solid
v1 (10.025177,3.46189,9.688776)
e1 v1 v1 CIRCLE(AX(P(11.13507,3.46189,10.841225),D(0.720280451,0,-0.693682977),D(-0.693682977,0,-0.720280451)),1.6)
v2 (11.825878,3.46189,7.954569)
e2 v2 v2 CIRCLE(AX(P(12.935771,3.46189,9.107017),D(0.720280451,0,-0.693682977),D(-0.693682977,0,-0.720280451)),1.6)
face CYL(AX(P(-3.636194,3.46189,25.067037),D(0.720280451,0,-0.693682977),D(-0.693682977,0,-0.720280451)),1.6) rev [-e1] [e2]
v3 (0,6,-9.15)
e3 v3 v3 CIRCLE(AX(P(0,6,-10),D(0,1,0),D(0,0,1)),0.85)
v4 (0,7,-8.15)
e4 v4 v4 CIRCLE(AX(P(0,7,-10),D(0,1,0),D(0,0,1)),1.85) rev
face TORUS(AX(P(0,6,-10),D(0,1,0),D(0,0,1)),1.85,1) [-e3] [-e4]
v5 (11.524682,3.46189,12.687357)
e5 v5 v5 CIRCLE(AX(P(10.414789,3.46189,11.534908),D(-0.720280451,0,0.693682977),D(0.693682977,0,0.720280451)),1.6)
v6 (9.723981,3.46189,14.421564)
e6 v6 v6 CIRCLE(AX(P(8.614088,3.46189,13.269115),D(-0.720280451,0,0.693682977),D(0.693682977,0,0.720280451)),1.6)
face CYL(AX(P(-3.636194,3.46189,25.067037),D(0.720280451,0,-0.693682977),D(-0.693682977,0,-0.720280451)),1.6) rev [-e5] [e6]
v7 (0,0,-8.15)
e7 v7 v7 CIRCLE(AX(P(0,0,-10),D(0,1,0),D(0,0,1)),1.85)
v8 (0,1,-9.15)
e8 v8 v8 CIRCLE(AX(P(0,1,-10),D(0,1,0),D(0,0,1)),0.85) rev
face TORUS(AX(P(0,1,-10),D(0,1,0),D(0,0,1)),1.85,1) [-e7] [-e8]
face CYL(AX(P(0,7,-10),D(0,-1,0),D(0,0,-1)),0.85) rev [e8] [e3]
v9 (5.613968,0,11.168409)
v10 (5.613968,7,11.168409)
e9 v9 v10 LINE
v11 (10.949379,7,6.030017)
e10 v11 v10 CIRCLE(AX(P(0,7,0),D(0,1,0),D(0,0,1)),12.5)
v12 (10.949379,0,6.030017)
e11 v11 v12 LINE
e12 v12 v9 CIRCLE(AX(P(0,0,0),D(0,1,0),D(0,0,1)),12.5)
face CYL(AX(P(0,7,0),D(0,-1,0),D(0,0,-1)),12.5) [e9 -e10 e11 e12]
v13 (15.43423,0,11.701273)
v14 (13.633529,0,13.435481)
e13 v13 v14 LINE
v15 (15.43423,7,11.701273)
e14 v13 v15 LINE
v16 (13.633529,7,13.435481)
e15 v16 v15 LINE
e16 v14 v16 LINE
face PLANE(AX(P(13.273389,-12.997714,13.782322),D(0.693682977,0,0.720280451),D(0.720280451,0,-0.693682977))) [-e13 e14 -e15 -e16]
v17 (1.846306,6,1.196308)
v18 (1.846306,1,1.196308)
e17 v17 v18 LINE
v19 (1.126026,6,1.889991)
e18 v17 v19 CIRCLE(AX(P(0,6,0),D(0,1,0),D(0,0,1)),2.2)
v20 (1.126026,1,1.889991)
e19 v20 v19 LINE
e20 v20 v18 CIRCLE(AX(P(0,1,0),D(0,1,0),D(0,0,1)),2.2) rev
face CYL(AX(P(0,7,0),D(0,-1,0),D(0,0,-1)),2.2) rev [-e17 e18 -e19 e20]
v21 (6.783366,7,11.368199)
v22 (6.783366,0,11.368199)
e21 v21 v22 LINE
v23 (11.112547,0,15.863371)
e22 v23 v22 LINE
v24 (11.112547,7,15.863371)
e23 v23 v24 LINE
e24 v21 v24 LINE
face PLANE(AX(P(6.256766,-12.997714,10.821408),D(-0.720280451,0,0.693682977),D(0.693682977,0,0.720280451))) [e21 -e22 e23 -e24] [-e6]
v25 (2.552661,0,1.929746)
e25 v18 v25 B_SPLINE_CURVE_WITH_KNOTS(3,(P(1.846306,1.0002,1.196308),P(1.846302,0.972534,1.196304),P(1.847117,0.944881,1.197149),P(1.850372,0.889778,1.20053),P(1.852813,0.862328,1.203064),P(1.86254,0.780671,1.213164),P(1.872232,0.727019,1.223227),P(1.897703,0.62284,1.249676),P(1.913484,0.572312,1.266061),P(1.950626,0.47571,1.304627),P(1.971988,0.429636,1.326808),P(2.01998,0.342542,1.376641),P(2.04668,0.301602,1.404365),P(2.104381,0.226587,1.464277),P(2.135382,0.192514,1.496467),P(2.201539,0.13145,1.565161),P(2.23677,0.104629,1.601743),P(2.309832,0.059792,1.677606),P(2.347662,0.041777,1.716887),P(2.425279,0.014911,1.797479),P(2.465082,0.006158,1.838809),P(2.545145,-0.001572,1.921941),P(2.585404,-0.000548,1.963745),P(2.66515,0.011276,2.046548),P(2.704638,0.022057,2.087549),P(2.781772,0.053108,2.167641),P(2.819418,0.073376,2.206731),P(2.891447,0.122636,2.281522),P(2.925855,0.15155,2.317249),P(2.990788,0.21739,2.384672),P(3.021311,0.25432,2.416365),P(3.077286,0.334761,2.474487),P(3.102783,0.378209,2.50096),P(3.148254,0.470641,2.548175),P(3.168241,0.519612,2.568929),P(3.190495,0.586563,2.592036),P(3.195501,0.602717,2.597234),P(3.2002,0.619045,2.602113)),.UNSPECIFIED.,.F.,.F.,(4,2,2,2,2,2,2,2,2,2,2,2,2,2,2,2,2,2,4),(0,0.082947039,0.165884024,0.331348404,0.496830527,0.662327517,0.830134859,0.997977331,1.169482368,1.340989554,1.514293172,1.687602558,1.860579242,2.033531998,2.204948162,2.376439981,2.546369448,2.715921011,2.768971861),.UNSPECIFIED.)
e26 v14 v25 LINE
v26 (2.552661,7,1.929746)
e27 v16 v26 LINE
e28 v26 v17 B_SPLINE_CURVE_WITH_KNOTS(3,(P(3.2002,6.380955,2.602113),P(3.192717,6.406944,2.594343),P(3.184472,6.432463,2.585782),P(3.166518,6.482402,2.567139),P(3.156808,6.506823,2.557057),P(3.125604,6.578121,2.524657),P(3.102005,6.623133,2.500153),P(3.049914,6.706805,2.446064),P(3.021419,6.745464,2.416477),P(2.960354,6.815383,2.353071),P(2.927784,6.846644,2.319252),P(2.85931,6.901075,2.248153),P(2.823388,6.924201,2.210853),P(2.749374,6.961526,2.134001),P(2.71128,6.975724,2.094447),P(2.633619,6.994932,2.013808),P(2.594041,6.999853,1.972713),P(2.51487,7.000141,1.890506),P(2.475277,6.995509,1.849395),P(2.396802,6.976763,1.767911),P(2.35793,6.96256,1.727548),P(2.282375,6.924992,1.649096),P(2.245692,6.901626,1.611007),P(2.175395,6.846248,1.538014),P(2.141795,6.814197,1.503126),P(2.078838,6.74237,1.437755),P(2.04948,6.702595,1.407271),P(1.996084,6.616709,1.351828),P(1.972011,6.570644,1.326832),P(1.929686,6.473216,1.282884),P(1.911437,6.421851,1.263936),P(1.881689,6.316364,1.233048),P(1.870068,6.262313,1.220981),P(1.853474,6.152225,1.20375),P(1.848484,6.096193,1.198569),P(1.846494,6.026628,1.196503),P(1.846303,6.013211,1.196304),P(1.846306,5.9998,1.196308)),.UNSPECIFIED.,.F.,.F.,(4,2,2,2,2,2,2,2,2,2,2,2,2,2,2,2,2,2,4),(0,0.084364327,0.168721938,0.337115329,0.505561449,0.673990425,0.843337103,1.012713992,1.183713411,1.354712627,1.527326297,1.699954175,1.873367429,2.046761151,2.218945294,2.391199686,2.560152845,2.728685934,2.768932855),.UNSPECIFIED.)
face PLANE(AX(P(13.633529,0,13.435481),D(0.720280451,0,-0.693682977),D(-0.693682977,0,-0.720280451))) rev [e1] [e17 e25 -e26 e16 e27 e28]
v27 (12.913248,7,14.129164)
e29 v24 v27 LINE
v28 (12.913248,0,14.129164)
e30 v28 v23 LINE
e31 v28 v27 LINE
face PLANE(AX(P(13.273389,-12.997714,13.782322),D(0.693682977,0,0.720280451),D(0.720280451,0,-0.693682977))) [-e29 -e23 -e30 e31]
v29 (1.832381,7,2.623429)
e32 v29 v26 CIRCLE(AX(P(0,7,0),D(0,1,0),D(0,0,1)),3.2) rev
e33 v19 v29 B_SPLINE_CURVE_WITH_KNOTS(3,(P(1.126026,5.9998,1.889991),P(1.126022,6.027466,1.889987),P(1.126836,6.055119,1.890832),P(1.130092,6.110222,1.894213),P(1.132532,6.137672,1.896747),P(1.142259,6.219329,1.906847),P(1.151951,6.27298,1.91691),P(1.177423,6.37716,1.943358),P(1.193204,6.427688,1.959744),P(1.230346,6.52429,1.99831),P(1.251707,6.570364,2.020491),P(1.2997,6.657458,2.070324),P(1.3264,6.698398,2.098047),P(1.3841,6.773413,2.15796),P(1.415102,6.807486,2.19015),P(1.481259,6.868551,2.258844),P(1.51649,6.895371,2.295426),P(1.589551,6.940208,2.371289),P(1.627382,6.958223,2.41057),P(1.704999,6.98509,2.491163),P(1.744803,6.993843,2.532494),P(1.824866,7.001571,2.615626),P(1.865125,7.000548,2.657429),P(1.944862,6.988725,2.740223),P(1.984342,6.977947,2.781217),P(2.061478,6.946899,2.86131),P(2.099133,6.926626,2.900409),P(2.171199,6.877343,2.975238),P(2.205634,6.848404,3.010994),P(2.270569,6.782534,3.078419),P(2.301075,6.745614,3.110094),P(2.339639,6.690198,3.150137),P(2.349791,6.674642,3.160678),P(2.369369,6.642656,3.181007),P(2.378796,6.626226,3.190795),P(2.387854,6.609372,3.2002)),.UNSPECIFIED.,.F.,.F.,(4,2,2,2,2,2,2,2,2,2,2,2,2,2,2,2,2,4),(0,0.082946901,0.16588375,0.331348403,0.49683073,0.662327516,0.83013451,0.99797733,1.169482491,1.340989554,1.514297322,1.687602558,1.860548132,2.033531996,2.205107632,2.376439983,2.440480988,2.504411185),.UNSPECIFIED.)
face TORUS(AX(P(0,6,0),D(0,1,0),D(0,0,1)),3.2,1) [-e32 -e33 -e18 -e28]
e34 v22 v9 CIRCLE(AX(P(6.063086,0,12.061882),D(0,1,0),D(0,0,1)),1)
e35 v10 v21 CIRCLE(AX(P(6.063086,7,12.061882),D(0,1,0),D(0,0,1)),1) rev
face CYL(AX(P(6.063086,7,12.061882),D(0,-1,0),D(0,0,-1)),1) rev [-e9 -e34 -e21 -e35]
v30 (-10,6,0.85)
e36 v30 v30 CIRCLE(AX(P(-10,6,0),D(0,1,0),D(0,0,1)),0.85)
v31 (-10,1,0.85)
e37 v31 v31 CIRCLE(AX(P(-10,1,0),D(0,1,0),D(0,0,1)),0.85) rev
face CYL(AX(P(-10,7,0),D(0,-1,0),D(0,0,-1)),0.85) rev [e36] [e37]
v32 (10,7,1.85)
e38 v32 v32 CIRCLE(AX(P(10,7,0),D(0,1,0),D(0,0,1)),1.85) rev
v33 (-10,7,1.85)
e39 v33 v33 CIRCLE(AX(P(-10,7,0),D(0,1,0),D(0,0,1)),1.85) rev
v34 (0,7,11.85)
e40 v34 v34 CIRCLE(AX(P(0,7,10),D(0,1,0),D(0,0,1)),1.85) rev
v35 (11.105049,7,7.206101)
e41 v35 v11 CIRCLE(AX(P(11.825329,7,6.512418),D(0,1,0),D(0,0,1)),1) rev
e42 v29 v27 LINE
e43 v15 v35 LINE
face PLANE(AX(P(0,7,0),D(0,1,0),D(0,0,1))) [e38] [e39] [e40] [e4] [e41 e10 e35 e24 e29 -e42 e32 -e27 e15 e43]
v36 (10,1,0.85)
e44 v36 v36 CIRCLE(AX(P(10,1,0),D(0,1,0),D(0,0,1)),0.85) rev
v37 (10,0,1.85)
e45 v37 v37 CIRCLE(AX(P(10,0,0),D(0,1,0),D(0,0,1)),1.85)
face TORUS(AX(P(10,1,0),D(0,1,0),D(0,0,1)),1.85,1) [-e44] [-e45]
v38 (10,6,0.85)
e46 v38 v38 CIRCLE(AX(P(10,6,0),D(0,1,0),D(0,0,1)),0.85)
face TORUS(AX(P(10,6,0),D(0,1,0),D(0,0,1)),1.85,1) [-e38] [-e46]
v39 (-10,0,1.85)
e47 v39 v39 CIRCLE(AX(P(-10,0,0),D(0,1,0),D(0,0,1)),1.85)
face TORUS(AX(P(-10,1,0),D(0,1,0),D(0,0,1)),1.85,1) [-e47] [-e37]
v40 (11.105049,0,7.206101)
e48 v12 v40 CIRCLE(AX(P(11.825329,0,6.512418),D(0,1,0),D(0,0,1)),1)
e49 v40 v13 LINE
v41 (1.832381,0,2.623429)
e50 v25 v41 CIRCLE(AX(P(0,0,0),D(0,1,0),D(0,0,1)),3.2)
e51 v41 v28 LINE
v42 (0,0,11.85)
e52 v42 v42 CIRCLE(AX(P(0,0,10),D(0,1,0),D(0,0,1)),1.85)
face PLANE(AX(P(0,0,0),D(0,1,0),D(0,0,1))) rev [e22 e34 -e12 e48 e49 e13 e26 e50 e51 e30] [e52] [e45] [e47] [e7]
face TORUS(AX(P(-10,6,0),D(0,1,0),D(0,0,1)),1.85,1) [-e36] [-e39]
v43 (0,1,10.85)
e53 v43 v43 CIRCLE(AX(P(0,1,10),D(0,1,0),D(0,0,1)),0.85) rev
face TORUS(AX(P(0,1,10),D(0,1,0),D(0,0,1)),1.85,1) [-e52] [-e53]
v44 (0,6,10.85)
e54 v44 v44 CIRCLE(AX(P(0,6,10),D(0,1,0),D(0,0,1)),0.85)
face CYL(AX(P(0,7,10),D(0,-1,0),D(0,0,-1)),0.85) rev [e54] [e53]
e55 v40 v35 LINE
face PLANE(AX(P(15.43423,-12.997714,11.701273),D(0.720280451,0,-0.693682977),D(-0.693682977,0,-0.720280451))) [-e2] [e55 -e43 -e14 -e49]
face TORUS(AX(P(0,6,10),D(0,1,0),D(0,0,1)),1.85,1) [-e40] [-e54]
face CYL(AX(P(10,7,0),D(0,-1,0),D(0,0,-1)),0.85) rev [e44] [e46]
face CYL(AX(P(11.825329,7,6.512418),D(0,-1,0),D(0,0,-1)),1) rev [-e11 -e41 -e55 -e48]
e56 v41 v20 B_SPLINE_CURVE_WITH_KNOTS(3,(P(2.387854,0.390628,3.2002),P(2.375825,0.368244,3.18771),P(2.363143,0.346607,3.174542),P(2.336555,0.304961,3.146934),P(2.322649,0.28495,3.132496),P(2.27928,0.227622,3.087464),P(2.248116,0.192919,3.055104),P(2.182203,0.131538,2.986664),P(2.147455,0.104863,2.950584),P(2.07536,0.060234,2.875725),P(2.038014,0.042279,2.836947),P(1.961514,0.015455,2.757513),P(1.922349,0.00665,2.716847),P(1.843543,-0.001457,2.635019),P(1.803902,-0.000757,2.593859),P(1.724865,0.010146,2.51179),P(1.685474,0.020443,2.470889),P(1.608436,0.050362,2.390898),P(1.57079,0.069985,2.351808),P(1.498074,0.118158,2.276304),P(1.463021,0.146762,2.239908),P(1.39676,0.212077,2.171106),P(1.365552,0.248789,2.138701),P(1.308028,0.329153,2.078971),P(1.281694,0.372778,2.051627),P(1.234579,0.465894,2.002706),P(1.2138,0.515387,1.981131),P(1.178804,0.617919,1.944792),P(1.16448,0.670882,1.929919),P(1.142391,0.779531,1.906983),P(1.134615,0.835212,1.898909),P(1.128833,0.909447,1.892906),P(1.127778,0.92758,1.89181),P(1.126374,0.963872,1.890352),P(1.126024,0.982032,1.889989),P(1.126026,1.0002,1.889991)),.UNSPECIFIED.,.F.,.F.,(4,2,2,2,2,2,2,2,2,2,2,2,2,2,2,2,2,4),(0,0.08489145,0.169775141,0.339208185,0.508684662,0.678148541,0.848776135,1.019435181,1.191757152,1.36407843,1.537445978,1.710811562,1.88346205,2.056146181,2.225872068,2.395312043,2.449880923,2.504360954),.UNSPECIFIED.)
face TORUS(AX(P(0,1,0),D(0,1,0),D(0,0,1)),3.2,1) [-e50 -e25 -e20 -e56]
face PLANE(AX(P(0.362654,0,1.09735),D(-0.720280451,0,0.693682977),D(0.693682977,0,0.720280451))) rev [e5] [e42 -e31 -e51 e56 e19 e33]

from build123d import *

# Parameters (mm, degrees)
SKETCH_1_R          = 12.5
SKETCH_1_R_2        = 2.2
SKETCH_1_R_3        = 0.85
EXTRUDE_1_DEPTH     = 7
FILLET_1_R          = 1
EXTRUDE_2_DEPTH     = 7
CUT_EXTRUDE_1_DEPTH = 24.213401386
SKETCH_4_R          = 1.6
CUT_EXTRUDE_2_DEPTH = 25.206248906
FILLET_2_R          = 1


with BuildPart() as part:
    # 草图1 → 凸台-拉伸1 (new body)
    with BuildSketch(Plane(origin=(0, 0, 0), x_dir=(1, 0, 0), z_dir=(0, 1, 0))):
        with Locations(Location((0, 0, 0), (0, 0, 270))):
            Circle(SKETCH_1_R)
        with Locations(Location((0, 0, 0), (0, 0, 270))):
            Circle(SKETCH_1_R_2, mode=Mode.SUBTRACT)
        with Locations(Location((0, 10, 0), (0, 0, 270))):
            Circle(SKETCH_1_R_3, mode=Mode.SUBTRACT)
        with Locations(Location((10, 0, 0), (0, 0, 270))):
            Circle(SKETCH_1_R_3, mode=Mode.SUBTRACT)
        with Locations(Location((0, -10, 0), (0, 0, 270))):
            Circle(SKETCH_1_R_3, mode=Mode.SUBTRACT)
        with Locations(Location((-10, 0, 0), (0, 0, 270))):
            Circle(SKETCH_1_R_3, mode=Mode.SUBTRACT)
    extrude(amount=EXTRUDE_1_DEPTH)

    # 圆角1
    fillet_1_edges = [part.edges().sort_by_distance(p)[0] for p in [
        (10, 0, -0.85),
        (10, 7, -0.85),
        (0, 0, 9.15),
        (0, 7, 9.15),
        (-10, 0, -0.85),
        (-10, 7, -0.85),
        (0, 0, -2.2),
        (0, 7, -2.2),
        (0, 0, -10.85),
        (0, 7, -10.85),
    ]]
    fillet(fillet_1_edges, radius=FILLET_1_R)

    # 草图2 → 凸台-拉伸2 (add)
    with BuildSketch(Plane(origin=(0, 7, 0), x_dir=(1, 0, 0), z_dir=(0, 1, 0))):
        Polygon((13.273388675, -13.782322318), (15.434230027, -11.701273386), (10.578449188, -6.659310233), (6.256766485, -10.821408095), (11.112547324, -15.863371249), align=None)
    extrude(amount=-EXTRUDE_2_DEPTH)

    # 草图3 → 切除-拉伸1 (cut, through all)
    with BuildSketch(Plane(origin=(0, 7, 0), x_dir=(1, 0, 0), z_dir=(0, 1, 0))):
        Polygon((13.273388675, -13.782322318), (13.633528901, -13.435480829), (1.082934828, -0.403666798), (0.362654378, -1.097349775), (12.91324845, -14.129163806), align=None)
    extrude(amount=-CUT_EXTRUDE_1_DEPTH, mode=Mode.SUBTRACT)

    # 草图4 → 切除-拉伸2 (cut, through all)
    with BuildSketch(Plane(origin=(2.160841352, 0, -2.081048931), x_dir=(-0.6936829770030817, 0, -0.7202804505303072), z_dir=(0.7202804505303072, 0, -0.6936829770030817))):
        with Locations(Location((-15.532930773, 3.461890088, 0), (0, 0, 180))):
            Circle(SKETCH_4_R)
    extrude(amount=-CUT_EXTRUDE_2_DEPTH, mode=Mode.SUBTRACT)

    # 圆角2
    fillet_2_edges = [part.edges().sort_by_distance(p)[0] for p in [
        (6.256766485, 3.5, 10.821408095),
        (10.578449188, 3.5, 6.659310233),
    ]]
    fillet(fillet_2_edges, radius=FILLET_2_R)


solid = part.part
